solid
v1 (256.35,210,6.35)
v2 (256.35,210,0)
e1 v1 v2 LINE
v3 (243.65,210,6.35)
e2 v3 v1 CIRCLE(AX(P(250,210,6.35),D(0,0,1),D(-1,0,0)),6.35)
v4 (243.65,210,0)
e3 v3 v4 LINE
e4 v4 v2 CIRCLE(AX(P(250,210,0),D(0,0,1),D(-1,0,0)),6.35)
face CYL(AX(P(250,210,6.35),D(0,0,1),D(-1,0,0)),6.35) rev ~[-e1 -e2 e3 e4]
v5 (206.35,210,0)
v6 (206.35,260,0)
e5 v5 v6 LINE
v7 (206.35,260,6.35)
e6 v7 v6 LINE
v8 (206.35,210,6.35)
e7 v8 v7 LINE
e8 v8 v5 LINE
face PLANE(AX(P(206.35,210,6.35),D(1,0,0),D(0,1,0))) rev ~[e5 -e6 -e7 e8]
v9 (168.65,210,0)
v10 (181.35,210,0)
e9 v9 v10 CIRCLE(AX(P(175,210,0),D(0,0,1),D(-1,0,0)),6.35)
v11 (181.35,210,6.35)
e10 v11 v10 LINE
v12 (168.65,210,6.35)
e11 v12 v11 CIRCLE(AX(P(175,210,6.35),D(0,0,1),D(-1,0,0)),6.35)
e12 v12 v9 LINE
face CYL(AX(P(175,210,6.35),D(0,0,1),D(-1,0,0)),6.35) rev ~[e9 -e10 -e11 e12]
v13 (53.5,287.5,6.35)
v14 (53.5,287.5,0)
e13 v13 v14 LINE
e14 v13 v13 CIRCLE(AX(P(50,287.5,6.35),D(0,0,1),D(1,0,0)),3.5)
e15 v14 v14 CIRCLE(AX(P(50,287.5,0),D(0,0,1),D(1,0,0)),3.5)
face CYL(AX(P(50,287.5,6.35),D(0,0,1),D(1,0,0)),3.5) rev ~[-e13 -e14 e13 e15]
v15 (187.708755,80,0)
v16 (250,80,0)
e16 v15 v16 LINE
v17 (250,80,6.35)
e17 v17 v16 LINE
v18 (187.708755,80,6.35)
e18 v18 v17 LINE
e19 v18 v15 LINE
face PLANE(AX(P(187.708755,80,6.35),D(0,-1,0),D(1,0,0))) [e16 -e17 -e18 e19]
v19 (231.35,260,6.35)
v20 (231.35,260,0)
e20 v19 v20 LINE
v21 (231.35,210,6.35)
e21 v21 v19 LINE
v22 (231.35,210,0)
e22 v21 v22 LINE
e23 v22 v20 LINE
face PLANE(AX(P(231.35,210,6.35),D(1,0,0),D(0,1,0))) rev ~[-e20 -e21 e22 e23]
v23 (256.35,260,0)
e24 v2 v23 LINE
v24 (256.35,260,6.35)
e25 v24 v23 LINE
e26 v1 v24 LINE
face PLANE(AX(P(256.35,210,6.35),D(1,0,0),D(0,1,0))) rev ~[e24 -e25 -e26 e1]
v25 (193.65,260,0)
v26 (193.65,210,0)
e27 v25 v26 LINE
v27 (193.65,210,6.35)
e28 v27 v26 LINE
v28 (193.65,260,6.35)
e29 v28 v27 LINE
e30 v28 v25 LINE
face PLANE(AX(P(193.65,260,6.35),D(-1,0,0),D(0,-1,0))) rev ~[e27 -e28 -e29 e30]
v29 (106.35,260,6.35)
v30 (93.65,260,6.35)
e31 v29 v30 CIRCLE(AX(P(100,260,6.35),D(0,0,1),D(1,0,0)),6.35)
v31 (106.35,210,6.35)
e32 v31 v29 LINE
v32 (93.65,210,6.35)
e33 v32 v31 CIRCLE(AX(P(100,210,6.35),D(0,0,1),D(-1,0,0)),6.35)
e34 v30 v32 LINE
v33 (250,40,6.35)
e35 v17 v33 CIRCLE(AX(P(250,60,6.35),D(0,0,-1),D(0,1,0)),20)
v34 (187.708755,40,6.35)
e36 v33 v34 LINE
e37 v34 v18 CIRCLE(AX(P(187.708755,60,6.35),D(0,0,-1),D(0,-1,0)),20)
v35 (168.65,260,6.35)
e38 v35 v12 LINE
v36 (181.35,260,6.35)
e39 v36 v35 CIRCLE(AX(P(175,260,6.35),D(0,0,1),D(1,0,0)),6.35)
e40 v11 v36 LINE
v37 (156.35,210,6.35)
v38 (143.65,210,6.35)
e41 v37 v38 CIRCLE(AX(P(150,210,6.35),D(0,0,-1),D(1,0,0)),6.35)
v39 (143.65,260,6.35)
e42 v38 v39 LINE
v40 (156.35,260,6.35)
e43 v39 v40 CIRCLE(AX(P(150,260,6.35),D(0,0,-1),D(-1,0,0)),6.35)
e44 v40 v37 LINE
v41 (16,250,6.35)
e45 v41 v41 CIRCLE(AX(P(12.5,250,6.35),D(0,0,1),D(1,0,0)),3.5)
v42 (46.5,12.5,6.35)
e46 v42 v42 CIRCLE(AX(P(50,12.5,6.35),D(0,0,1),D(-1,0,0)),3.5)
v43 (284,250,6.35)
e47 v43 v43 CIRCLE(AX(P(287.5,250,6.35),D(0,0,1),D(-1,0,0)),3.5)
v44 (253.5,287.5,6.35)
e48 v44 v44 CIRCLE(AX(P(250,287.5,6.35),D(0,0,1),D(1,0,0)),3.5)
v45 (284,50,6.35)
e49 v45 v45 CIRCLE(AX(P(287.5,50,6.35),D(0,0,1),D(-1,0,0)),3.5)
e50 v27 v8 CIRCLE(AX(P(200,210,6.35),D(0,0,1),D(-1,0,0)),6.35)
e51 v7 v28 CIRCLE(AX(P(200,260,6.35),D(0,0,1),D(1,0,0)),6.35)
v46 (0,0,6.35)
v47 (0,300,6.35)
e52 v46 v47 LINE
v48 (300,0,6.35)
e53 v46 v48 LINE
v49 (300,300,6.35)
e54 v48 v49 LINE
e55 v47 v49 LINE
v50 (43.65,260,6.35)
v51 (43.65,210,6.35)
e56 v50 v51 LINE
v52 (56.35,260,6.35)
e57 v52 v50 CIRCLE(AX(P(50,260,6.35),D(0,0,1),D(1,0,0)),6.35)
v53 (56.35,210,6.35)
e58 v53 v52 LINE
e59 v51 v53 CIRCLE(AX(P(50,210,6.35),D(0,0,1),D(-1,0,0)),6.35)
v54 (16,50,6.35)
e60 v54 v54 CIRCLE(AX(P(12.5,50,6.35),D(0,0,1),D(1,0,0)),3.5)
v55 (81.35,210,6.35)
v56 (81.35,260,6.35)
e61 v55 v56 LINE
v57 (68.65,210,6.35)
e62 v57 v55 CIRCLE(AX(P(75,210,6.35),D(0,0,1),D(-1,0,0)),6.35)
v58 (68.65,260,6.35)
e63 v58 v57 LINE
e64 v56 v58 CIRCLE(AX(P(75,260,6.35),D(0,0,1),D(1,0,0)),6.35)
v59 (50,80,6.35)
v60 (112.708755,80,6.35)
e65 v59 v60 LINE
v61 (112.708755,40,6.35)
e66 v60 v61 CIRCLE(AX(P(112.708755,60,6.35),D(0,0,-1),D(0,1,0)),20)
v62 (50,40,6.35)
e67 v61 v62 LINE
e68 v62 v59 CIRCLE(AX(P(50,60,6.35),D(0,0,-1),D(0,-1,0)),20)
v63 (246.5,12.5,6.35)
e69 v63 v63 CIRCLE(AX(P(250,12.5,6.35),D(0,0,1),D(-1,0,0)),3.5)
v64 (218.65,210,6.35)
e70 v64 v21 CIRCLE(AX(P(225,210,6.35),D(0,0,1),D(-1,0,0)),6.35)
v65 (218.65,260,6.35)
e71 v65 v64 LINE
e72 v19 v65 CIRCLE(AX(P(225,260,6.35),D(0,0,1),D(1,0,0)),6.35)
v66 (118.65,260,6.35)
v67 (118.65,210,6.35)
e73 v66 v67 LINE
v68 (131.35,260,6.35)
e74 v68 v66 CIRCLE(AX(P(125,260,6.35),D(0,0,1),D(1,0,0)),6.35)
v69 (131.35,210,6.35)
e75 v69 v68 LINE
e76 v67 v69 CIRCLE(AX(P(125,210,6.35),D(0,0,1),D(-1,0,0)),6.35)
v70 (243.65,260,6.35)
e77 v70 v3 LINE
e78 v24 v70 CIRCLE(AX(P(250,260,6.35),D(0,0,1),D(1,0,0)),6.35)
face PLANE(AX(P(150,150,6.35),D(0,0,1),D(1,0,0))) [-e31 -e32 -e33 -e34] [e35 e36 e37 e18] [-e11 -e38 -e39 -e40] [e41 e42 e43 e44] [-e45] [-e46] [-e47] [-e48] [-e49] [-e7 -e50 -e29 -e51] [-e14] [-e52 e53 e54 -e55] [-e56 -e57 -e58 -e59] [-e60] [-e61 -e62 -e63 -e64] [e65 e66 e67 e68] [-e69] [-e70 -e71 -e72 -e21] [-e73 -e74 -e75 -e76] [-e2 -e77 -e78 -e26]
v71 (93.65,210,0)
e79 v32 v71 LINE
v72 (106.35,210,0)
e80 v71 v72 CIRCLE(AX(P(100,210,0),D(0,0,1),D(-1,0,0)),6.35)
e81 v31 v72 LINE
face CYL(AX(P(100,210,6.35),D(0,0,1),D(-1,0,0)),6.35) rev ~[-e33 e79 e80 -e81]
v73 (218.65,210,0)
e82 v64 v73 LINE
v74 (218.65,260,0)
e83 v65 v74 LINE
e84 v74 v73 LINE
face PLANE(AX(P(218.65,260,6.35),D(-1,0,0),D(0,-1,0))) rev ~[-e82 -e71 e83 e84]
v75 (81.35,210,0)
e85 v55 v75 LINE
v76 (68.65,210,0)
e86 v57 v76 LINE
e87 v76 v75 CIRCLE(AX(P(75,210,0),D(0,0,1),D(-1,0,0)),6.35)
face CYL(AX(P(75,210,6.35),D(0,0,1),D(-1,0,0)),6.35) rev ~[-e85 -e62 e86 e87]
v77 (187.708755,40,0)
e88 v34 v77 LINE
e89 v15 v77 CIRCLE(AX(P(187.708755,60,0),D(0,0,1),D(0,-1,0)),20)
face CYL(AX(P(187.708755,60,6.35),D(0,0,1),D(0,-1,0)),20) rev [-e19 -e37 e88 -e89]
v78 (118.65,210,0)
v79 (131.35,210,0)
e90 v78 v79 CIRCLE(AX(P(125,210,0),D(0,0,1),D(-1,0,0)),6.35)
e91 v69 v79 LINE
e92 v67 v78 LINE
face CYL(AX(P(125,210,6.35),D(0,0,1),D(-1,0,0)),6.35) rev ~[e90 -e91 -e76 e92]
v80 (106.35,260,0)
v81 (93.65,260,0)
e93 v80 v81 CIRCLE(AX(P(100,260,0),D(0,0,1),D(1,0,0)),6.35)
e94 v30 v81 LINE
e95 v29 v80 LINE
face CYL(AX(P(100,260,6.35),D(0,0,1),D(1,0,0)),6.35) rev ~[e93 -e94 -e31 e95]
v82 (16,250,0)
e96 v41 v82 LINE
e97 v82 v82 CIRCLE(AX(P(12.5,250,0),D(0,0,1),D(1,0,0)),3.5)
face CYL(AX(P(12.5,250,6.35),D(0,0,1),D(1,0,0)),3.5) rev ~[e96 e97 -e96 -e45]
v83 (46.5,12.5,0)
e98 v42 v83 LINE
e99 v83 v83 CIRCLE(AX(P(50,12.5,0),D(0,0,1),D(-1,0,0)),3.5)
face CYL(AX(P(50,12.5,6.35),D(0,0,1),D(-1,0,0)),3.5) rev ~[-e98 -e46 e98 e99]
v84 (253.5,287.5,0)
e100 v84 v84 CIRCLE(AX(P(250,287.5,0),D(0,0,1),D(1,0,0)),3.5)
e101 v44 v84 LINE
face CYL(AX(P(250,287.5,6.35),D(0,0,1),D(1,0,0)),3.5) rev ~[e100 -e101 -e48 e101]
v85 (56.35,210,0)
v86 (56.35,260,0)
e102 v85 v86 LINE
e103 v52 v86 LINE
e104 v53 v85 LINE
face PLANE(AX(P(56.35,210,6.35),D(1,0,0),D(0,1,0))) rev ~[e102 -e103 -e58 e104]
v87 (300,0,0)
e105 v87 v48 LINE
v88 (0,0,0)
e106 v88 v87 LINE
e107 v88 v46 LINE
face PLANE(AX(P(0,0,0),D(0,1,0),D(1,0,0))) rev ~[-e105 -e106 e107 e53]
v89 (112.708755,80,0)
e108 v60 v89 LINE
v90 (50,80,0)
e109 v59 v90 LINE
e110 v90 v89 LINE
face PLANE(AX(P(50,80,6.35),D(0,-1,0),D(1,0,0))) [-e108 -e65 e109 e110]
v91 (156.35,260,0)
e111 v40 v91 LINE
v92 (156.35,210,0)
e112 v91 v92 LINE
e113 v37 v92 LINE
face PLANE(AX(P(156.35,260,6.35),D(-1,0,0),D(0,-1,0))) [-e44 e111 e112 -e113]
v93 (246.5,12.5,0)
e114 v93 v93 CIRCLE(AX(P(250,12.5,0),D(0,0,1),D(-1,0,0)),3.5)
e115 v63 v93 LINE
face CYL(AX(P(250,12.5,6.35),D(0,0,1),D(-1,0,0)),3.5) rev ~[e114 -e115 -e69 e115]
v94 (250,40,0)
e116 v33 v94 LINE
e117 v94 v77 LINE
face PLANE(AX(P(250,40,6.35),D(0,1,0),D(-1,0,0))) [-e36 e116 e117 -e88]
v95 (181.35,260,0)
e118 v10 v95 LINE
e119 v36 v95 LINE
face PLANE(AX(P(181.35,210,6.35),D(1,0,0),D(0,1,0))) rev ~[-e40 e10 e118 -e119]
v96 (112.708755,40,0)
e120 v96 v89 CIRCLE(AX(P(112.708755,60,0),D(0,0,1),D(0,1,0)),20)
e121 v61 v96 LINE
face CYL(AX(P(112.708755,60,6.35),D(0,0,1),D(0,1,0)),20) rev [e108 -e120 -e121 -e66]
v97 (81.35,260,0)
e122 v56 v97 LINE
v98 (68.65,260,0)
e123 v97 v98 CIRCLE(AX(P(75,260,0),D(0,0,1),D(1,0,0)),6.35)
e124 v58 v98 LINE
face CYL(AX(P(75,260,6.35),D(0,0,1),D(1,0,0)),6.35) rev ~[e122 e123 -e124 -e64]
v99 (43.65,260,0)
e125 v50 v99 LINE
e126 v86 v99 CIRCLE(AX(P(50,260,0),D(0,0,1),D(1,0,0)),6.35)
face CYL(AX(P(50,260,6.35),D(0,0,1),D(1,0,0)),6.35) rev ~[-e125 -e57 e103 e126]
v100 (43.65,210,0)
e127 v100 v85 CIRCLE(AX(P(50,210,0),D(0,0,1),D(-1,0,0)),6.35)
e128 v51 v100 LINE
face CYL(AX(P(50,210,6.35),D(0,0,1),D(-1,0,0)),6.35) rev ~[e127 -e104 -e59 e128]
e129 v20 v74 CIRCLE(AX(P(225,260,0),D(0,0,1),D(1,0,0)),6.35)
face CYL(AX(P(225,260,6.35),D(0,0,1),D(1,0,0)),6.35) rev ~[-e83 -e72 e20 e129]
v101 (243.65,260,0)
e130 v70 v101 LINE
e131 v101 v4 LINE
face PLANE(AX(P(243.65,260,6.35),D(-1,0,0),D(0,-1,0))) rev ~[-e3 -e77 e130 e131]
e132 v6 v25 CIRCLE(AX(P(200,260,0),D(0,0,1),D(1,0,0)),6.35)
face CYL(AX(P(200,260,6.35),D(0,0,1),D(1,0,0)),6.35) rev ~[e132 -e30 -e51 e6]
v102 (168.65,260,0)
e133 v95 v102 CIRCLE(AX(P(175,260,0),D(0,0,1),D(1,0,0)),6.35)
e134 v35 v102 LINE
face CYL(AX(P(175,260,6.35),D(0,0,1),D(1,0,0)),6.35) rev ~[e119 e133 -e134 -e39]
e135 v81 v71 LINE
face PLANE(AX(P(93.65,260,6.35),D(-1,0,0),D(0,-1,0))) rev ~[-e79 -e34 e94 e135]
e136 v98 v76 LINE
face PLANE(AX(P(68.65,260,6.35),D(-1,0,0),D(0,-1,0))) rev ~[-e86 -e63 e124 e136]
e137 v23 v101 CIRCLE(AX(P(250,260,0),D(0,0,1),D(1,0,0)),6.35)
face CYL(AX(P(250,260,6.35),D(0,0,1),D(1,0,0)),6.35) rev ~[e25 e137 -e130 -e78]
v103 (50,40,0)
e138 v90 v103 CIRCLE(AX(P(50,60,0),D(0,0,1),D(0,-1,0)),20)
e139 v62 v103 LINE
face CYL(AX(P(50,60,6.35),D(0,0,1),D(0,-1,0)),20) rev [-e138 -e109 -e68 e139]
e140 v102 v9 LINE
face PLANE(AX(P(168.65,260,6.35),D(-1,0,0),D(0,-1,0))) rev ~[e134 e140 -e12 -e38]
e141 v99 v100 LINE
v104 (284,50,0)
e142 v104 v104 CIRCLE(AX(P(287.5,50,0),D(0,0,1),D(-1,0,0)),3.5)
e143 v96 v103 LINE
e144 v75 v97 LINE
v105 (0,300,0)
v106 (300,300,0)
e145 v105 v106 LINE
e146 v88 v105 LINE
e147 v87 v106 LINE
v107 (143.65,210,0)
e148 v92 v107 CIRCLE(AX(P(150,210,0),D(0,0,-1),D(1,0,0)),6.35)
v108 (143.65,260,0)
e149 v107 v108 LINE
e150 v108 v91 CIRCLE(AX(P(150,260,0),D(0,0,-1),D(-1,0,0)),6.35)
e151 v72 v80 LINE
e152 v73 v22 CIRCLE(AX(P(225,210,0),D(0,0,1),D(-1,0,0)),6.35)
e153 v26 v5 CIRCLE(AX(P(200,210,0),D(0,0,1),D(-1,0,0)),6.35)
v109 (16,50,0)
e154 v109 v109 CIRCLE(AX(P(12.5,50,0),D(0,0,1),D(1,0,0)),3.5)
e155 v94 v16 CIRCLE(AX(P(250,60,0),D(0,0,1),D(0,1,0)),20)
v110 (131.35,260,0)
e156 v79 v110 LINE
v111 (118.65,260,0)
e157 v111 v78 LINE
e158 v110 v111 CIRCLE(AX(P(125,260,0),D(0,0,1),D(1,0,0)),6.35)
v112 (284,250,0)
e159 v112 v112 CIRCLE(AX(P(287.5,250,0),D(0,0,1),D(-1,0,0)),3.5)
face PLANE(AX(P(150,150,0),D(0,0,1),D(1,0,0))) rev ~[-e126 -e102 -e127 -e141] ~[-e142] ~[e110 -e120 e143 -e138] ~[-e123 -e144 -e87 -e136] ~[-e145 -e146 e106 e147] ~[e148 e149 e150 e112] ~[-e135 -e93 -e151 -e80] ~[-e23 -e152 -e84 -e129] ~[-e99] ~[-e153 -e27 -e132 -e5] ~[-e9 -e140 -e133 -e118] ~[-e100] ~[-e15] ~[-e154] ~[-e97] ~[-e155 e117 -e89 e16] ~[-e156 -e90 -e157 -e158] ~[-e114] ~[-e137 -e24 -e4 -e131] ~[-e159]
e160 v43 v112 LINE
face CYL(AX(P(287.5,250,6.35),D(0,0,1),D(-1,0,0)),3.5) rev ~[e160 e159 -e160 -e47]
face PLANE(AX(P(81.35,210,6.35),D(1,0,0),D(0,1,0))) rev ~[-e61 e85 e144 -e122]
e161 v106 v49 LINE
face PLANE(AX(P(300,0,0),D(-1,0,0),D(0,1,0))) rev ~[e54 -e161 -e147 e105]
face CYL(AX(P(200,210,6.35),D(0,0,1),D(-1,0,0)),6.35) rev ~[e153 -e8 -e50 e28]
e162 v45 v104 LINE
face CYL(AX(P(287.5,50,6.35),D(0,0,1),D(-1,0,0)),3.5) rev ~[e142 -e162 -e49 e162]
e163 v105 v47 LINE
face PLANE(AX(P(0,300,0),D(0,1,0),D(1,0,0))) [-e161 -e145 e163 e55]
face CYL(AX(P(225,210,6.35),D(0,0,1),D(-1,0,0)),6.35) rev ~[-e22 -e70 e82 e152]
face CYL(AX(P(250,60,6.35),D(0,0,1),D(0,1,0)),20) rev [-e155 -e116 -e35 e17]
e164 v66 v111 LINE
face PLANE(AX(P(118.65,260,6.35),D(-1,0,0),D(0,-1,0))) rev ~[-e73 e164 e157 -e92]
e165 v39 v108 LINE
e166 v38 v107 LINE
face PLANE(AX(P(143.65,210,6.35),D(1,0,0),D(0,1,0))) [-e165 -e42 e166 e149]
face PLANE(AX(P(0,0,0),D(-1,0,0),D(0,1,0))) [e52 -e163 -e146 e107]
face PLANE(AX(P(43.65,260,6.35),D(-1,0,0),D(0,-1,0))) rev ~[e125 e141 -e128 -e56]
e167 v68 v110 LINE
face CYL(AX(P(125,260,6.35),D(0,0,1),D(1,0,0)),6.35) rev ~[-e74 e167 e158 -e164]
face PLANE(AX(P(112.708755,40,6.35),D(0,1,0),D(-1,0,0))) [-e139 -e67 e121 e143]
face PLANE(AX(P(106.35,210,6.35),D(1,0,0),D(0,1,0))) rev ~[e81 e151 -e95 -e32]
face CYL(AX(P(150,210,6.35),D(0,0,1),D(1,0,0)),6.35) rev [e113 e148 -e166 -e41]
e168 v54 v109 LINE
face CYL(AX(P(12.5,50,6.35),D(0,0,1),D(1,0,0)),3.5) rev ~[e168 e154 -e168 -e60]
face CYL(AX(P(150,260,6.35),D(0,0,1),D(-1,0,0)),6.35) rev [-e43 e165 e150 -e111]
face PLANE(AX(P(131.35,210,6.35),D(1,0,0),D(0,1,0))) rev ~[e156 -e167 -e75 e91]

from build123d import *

# Parameters (mm, degrees)
SKETCH1_W           = 300
SKETCH1_H           = 300
BOSS_EXTRUDE1_DEPTH = 6.35
CUT_EXTRUDE1_DEPTH  = 6.35
CUT_EXTRUDE2_DEPTH  = 425.311586573
SKETCH4_R           = 3.5
CUT_EXTRUDE3_DEPTH  = 10


with BuildPart() as part:
    # Sketch1 → Boss-Extrude1 (new body)
    with BuildSketch(Plane.XY):
        with Locations((150, 150)):
            Rectangle(SKETCH1_W, SKETCH1_H)
    extrude(amount=BOSS_EXTRUDE1_DEPTH)

    # Sketch2 → Cut-Extrude1 (cut)
    with BuildSketch(Plane.XY.offset(6.35)):
        with BuildLine():
            Line((143.65, 210), (143.65, 260))
            ThreePointArc((143.65, 260), (150, 266.35), (156.35, 260))
            Line((156.35, 260), (156.35, 210))
            ThreePointArc((156.35, 210), (150, 203.65), (143.65, 210))
        make_face()
        with BuildLine():
            Line((181.35, 210), (181.35, 260))
            ThreePointArc((181.35, 260), (175, 266.35), (168.65, 260))
            Line((168.65, 260), (168.65, 210))
            ThreePointArc((168.65, 210), (175, 203.65), (181.35, 210))
        make_face()
        with BuildLine():
            Line((206.35, 210), (206.35, 260))
            ThreePointArc((206.35, 260), (200, 266.35), (193.65, 260))
            Line((193.65, 260), (193.65, 210))
            ThreePointArc((193.65, 210), (200, 203.65), (206.35, 210))
        make_face()
        with BuildLine():
            Line((231.35, 210), (231.35, 260))
            ThreePointArc((231.35, 260), (225, 266.35), (218.65, 260))
            Line((218.65, 260), (218.65, 210))
            ThreePointArc((218.65, 210), (225, 203.65), (231.35, 210))
        make_face()
        with BuildLine():
            Line((256.35, 210), (256.35, 260))
            ThreePointArc((256.35, 260), (250, 266.35), (243.65, 260))
            Line((243.65, 260), (243.65, 210))
            ThreePointArc((243.65, 210), (250, 203.65), (256.35, 210))
        make_face()
        with BuildLine():
            Line((131.35, 210), (131.35, 260))
            ThreePointArc((131.35, 260), (125, 266.35), (118.65, 260))
            Line((118.65, 260), (118.65, 210))
            ThreePointArc((118.65, 210), (125, 203.65), (131.35, 210))
        make_face()
        with BuildLine():
            Line((106.35, 210), (106.35, 260))
            ThreePointArc((106.35, 260), (100, 266.35), (93.65, 260))
            Line((93.65, 260), (93.65, 210))
            ThreePointArc((93.65, 210), (100, 203.65), (106.35, 210))
        make_face()
        with BuildLine():
            Line((81.35, 210), (81.35, 260))
            ThreePointArc((81.35, 260), (75, 266.35), (68.65, 260))
            Line((68.65, 260), (68.65, 210))
            ThreePointArc((68.65, 210), (75, 203.65), (81.35, 210))
        make_face()
        with BuildLine():
            Line((56.35, 210), (56.35, 260))
            ThreePointArc((56.35, 260), (50, 266.35), (43.65, 260))
            Line((43.65, 260), (43.65, 210))
            ThreePointArc((43.65, 210), (50, 203.65), (56.35, 210))
        make_face()
    extrude(amount=-CUT_EXTRUDE1_DEPTH, mode=Mode.SUBTRACT)

    # Sketch3 → Cut-Extrude2 (cut, through all)
    with BuildSketch(Plane.XY.offset(6.35)):
        with BuildLine():
            Line((50, 80), (112.708755261, 80))
            ThreePointArc((112.708755261, 80), (132.708755261, 60), (112.708755261, 40))
            Line((112.708755261, 40), (50, 40))
            ThreePointArc((50, 40), (30, 60), (50, 80))
        make_face()
        with BuildLine():
            Line((250, 40), (187.708755261, 40))
            ThreePointArc((187.708755261, 40), (167.708755261, 60), (187.708755261, 80))
            Line((187.708755261, 80), (250, 80))
            ThreePointArc((250, 80), (270, 60), (250, 40))
        make_face()
    extrude(amount=-CUT_EXTRUDE2_DEPTH, mode=Mode.SUBTRACT)

    # Sketch4 → Cut-Extrude3 (cut)
    with BuildSketch(Plane.XY.offset(6.35)):
        with Locations((50, 287.5)):
            Circle(SKETCH4_R)
        with Locations((250, 287.5)):
            Circle(SKETCH4_R)
        with Locations((12.5, 50)):
            Circle(SKETCH4_R)
        with Locations((12.5, 250)):
            Circle(SKETCH4_R)
        with Locations(Location((287.5, 50, 0), (0, 0, 180))):
            Circle(SKETCH4_R)
        with Locations(Location((287.5, 250, 0), (0, 0, 180))):
            Circle(SKETCH4_R)
        with Locations(Location((250, 12.5, 0), (0, 0, 180))):
            Circle(SKETCH4_R)
        with Locations(Location((50, 12.5, 0), (0, 0, 180))):
            Circle(SKETCH4_R)
    extrude(amount=-CUT_EXTRUDE3_DEPTH, mode=Mode.SUBTRACT)


solid = part.part
